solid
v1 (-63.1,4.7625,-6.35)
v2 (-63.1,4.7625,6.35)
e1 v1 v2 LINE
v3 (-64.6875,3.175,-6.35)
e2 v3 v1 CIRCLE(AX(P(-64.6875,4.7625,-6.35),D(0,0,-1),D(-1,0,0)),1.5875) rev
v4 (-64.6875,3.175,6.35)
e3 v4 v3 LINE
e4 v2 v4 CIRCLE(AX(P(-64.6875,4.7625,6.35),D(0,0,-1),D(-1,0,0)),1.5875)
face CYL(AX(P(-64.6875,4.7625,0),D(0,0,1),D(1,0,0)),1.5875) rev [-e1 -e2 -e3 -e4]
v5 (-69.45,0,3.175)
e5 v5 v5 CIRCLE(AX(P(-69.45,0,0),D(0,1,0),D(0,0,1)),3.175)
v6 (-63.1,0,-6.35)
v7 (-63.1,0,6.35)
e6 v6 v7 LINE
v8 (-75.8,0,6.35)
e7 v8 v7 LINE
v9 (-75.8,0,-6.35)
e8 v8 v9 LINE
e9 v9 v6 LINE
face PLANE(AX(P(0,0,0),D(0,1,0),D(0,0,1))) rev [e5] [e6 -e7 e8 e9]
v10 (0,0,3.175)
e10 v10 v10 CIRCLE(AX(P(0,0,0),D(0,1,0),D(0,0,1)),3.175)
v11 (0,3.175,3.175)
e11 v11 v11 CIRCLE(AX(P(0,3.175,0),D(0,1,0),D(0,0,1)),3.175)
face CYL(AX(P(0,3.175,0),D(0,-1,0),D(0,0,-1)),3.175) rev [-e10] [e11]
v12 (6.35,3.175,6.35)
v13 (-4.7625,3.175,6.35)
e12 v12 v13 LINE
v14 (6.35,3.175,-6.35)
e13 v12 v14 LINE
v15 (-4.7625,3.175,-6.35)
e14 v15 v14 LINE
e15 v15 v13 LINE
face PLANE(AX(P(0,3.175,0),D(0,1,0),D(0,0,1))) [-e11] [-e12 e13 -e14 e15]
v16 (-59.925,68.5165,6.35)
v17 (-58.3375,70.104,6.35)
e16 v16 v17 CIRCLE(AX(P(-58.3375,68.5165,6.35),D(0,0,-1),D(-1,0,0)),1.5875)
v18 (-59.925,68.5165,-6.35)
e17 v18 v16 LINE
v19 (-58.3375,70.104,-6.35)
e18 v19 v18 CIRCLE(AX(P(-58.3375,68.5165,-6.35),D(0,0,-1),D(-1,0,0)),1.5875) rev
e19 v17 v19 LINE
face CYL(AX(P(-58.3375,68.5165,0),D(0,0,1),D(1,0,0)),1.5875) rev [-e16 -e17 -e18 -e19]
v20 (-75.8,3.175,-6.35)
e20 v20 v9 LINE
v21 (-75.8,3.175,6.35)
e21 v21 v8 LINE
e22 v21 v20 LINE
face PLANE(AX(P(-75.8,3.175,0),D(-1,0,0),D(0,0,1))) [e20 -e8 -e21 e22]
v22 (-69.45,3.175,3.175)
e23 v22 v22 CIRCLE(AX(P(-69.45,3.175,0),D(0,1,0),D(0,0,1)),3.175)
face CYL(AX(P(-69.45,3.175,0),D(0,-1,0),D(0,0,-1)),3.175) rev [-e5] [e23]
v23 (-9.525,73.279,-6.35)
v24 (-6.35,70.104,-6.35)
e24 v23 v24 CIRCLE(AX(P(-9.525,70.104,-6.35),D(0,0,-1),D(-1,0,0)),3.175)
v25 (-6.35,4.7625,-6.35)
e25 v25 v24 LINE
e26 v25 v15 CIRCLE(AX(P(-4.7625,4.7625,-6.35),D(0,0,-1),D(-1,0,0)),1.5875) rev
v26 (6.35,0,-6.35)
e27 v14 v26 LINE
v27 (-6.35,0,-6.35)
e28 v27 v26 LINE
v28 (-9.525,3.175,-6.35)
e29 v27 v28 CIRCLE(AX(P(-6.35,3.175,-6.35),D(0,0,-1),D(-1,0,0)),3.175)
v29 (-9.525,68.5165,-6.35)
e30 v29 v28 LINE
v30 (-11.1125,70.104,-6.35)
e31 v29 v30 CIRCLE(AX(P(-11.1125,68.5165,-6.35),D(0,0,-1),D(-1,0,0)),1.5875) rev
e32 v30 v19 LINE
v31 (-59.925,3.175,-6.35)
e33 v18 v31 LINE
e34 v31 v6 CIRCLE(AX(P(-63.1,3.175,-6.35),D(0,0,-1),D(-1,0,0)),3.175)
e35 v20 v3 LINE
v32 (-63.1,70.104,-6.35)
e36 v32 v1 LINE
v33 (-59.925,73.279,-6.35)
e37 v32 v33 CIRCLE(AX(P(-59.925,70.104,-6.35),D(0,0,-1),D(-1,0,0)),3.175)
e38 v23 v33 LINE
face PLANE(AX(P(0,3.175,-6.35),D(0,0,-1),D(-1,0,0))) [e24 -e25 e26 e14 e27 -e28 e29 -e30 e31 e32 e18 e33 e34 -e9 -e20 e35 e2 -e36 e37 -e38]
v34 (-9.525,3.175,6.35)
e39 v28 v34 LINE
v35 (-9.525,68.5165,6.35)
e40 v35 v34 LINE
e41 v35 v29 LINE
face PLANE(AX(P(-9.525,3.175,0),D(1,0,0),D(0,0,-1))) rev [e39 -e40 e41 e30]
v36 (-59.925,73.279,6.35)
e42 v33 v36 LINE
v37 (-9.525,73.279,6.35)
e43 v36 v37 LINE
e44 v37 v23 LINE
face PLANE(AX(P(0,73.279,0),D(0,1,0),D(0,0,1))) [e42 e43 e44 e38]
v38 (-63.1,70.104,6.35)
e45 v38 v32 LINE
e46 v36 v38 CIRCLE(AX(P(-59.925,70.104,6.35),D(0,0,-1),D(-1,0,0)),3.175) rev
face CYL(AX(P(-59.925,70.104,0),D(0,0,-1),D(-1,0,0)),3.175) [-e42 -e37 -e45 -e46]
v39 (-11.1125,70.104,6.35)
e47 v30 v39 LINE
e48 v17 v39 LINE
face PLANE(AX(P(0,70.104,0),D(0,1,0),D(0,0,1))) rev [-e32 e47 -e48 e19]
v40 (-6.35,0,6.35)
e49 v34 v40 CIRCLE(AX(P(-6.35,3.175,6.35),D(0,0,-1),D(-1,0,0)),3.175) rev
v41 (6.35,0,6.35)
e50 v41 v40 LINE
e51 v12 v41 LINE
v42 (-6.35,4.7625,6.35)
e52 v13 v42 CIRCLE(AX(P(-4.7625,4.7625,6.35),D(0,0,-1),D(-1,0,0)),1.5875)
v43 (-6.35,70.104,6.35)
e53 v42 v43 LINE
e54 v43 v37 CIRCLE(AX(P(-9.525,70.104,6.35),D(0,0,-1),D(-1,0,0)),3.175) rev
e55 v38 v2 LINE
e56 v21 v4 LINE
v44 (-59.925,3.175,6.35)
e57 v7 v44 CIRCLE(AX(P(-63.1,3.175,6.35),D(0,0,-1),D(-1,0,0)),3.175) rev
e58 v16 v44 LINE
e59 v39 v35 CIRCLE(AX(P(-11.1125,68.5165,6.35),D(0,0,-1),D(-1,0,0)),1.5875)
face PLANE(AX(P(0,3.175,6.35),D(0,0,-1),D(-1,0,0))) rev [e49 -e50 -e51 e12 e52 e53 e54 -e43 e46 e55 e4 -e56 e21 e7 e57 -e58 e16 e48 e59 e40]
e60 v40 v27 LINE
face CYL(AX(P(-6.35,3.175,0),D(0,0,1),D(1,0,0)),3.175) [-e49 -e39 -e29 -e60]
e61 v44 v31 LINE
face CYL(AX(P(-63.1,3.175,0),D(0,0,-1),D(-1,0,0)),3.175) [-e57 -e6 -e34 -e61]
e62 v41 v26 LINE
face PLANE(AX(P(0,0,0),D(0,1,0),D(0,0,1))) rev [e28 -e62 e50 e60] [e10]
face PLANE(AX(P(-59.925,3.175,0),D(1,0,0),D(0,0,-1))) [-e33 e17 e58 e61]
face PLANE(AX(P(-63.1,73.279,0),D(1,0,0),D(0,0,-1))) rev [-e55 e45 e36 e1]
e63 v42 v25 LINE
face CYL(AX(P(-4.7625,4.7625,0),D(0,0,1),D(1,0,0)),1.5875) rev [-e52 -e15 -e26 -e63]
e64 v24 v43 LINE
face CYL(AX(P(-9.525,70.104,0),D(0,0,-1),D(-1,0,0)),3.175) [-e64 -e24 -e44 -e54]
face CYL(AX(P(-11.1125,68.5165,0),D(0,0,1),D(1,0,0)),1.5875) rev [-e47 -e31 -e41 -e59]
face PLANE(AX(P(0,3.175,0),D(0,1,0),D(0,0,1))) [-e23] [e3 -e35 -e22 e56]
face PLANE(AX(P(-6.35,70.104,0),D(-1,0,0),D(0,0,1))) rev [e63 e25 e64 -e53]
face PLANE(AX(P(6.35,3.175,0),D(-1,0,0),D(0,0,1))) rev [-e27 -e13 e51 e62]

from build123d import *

# Parameters (mm, degrees)
SKETCH1_W             = 15.875
SKETCH1_H             = 12.7
SKETCH1_R             = 3.175
BOSS_EXTRUDE1_DEPTH   = 3.175
BOSS_EXTRUDE1_2_DEPTH = 3.175
SKETCH2_W             = 3.175
SKETCH2_H             = 12.7
BOSS_EXTRUDE2_DEPTH   = 70.104
SKETCH3_W             = 3.175
SKETCH3_H             = 12.7
SKETCH3_W_2           = 53.575
BOSS_EXTRUDE3_DEPTH   = 3.175
FILLET5_R             = 3.175
FILLET6_R             = 1.5875


with BuildPart() as part:
    # Sketch1 → Boss-Extrude1 (new body)
    with BuildSketch(Plane(origin=(0, 0, 0), x_dir=(1, 0, 0), z_dir=(0, 1, 0))):
        with Locations((-1.5875, 0)):
            Rectangle(SKETCH1_W, SKETCH1_H)
        Circle(SKETCH1_R, mode=Mode.SUBTRACT)
    extrude(amount=BOSS_EXTRUDE1_DEPTH)



with BuildPart() as body_2:
    # Sketch1 → Boss-Extrude1 2 (new body)
    with BuildSketch(Plane(origin=(0, 0, 0), x_dir=(1, 0, 0), z_dir=(0, 1, 0))):
        with Locations((-67.8625, 0)):
            Rectangle(SKETCH1_W, SKETCH1_H)
        with Locations((-69.45, 0)):
            Circle(SKETCH1_R, mode=Mode.SUBTRACT)
    extrude(amount=BOSS_EXTRUDE1_2_DEPTH)


with BuildPart() as part_1:
    add(part.part)

    add(body_2.part)  # Boss-Extrude2 merges body 2
    # Sketch2 → Boss-Extrude2 (add)
    with BuildSketch(Plane(origin=(0, 3.175, 0), x_dir=(1, 0, 0), z_dir=(0, 1, 0))):
        with Locations((-61.5125, 0)):
            Rectangle(SKETCH2_W, SKETCH2_H)
        with Locations((-7.9375, 0)):
            Rectangle(SKETCH2_W, SKETCH2_H)
    extrude(amount=BOSS_EXTRUDE2_DEPTH)

    # Sketch3 → Boss-Extrude3 (add)
    with BuildSketch(Plane(origin=(0, 73.279, 0), x_dir=(1, 0, 0), z_dir=(0, 1, 0))):
        with Locations((-61.5125, 0)):
            Rectangle(SKETCH3_W, SKETCH3_H)
        with Locations((-33.1375, 0)):
            Rectangle(SKETCH3_W_2, SKETCH3_H)
    extrude(amount=-BOSS_EXTRUDE3_DEPTH)

    # Fillet5
    fillet5_edges = [part_1.edges().sort_by_distance(p)[0] for p in [
        (-63.1, 73.279, 0),
        (-6.35, 73.279, 0),
        (-9.525, 0, 0),
        (-59.925, 0, 0),
    ]]
    fillet(fillet5_edges, radius=FILLET5_R)

    # Fillet6
    fillet6_edges = [part_1.edges().sort_by_distance(p)[0] for p in [
        (-63.1, 3.175, 0),
        (-59.925, 70.104, 0),
        (-9.525, 70.104, 0),
        (-6.35, 3.175, 0),
    ]]
    fillet(fillet6_edges, radius=FILLET6_R)


solid = part_1.part
